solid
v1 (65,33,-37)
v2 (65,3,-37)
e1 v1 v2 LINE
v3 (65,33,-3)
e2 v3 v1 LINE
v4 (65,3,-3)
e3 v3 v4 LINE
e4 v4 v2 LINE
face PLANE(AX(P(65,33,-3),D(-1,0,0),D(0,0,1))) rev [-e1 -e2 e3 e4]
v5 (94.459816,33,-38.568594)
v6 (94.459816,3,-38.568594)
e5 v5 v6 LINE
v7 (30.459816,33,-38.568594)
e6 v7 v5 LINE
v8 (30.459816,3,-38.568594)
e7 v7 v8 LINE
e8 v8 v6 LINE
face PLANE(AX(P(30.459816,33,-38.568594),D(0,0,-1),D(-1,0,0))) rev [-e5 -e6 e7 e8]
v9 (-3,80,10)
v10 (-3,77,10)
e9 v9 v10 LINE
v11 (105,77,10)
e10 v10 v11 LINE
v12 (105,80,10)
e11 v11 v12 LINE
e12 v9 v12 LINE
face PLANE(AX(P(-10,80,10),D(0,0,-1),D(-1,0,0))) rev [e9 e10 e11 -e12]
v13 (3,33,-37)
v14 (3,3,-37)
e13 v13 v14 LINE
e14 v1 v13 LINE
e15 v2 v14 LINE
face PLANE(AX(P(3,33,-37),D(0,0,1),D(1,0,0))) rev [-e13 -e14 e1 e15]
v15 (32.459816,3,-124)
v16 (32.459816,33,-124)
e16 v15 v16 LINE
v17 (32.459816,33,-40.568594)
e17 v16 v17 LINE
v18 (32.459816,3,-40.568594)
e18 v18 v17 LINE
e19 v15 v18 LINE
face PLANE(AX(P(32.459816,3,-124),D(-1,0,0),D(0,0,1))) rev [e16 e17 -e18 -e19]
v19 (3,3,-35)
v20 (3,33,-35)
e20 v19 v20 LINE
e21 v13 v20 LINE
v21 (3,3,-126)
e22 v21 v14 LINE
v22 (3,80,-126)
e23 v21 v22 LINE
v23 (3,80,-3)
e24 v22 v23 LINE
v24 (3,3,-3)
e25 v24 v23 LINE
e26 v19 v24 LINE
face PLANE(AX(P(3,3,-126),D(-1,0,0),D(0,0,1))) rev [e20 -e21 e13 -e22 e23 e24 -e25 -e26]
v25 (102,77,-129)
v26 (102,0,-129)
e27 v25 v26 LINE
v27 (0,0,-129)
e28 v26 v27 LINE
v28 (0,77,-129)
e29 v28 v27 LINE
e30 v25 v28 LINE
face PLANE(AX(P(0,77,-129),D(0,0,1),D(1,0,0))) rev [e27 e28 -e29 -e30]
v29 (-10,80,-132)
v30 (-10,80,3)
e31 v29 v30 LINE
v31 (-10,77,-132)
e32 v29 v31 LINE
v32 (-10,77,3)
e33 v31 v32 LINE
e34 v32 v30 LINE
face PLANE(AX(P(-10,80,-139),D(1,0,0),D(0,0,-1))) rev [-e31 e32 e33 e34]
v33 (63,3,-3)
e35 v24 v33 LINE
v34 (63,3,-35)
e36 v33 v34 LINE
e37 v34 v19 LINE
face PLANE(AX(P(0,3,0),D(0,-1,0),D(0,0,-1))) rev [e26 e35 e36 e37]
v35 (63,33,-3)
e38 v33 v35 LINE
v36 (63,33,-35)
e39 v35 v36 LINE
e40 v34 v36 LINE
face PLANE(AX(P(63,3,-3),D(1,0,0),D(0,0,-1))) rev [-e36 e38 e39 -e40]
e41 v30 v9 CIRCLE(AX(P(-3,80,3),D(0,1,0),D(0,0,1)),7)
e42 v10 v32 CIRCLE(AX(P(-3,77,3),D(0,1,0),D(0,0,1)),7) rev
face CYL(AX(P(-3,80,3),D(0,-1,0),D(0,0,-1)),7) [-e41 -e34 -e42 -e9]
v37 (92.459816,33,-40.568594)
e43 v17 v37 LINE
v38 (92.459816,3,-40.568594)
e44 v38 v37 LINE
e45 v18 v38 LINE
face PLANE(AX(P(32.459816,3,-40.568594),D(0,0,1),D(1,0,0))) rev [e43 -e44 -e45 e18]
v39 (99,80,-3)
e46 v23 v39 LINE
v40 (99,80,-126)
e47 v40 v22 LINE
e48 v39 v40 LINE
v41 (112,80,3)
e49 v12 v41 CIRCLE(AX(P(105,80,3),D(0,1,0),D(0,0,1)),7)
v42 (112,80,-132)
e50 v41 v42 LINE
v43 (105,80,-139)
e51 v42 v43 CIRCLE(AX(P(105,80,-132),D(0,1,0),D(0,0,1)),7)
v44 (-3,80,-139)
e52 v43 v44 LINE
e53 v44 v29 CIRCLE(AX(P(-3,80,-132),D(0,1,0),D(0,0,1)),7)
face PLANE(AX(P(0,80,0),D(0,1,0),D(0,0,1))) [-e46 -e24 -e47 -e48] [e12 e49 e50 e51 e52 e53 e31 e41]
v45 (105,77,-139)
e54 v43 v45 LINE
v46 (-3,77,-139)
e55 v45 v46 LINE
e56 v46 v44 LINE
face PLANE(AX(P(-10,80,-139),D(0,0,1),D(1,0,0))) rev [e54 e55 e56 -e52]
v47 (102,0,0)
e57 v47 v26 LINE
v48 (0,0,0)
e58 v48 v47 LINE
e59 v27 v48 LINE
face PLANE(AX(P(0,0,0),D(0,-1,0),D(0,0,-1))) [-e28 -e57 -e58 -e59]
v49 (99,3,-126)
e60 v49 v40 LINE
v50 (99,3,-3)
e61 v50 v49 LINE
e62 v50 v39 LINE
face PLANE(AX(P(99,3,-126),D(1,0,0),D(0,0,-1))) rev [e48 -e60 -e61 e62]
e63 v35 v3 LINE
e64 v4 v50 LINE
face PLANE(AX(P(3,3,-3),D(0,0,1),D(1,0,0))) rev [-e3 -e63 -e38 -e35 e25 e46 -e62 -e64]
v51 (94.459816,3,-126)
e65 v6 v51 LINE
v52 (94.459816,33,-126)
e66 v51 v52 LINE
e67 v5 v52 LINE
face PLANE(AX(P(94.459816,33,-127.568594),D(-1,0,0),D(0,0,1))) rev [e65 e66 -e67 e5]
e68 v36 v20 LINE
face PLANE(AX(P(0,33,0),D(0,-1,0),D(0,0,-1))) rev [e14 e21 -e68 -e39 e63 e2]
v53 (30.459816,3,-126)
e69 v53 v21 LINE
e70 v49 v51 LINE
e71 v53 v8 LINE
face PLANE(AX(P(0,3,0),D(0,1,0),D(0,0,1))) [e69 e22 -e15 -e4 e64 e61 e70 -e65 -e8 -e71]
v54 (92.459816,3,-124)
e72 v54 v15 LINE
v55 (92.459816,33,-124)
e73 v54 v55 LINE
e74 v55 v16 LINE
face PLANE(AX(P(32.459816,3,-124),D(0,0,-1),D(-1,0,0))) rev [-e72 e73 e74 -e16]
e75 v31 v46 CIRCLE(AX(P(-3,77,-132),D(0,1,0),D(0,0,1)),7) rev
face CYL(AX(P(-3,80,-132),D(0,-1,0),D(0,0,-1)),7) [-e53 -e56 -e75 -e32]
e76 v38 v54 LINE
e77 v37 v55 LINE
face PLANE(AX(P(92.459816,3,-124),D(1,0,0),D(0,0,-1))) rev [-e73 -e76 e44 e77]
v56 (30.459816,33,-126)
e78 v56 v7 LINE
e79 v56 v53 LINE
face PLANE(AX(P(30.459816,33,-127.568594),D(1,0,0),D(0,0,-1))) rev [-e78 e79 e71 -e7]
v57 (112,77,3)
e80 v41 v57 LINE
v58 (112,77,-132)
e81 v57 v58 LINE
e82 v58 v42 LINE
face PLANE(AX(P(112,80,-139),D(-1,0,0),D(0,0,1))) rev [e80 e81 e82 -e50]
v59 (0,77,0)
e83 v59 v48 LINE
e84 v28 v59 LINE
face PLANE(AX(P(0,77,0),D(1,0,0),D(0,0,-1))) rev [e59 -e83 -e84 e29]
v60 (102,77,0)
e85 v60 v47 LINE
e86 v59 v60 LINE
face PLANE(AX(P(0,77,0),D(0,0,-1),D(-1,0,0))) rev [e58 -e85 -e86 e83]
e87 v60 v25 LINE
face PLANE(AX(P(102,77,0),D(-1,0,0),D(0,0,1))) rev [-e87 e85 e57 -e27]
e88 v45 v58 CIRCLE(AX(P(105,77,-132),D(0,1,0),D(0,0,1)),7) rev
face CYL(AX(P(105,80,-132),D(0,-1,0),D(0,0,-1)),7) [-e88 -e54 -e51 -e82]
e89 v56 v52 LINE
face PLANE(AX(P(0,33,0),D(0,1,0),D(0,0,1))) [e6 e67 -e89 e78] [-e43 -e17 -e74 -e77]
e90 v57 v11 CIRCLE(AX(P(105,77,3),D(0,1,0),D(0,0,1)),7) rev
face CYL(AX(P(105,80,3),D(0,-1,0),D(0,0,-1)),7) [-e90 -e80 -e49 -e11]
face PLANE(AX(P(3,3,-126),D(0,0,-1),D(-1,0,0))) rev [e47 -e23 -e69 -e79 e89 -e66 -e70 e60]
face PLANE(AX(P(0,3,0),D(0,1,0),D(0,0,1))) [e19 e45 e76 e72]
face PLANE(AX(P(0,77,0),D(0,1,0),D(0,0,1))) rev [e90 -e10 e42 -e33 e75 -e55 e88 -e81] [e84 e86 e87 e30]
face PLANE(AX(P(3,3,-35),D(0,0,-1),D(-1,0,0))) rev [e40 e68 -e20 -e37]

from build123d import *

# Parameters (mm, degrees)
SKETCH1_W           = 102
SKETCH1_H           = 129
BOSS_EXTRUDE1_DEPTH = 77
SKETCH2_W           = 122
SKETCH2_H           = 149
BOSS_EXTRUDE2_DEPTH = 3
SKETCH3_W           = 96
SKETCH3_H           = 123
CUT_EXTRUDE1_DEPTH  = 77
SKETCH4_W           = 64
SKETCH4_H           = 89
SKETCH4_W_2         = 62
SKETCH4_H_2         = 34
BOSS_EXTRUDE3_DEPTH = 30
SKETCH5_W           = 60
SKETCH5_H           = 83.431405536
SKETCH5_H_2         = 32
CUT_EXTRUDE2_DEPTH  = 30
FILLET1_R           = 7


with BuildPart() as part:
    # Sketch1 → Boss-Extrude1 (new body)
    with BuildSketch(Plane(origin=(0, 0, 0), x_dir=(1, 0, 0), z_dir=(0, 1, 0))):
        with Locations((51, 64.5)):
            Rectangle(SKETCH1_W, SKETCH1_H)
    extrude(amount=BOSS_EXTRUDE1_DEPTH)

    # Sketch2 → Boss-Extrude2 (add)
    with BuildSketch(Plane(origin=(0, 77, 0), x_dir=(1, 0, 0), z_dir=(0, 1, 0))):
        with Locations((51, 64.5)):
            Rectangle(SKETCH2_W, SKETCH2_H)
    extrude(amount=BOSS_EXTRUDE2_DEPTH)

    # Sketch3 → Cut-Extrude1 (cut)
    with BuildSketch(Plane(origin=(0, 80, 0), x_dir=(1, 0, 0), z_dir=(0, 1, 0))):
        with Locations((51, 64.5)):
            Rectangle(SKETCH3_W, SKETCH3_H)
    extrude(amount=-CUT_EXTRUDE1_DEPTH, mode=Mode.SUBTRACT)

    # Sketch4 → Boss-Extrude3 (add)
    with BuildSketch(Plane(origin=(0, 3, 0), x_dir=(1, 0, 0), z_dir=(0, 1, 0))):
        with Locations((62.459815843, 83.068594464)):
            Rectangle(SKETCH4_W, SKETCH4_H)
        with Locations((34, 20)):
            Rectangle(SKETCH4_W_2, SKETCH4_H_2)
    extrude(amount=BOSS_EXTRUDE3_DEPTH)

    # Sketch5 → Cut-Extrude2 (cut)
    with BuildSketch(Plane(origin=(0, 33, 0), x_dir=(1, 0, 0), z_dir=(0, 1, 0))):
        with Locations((62.459815843, 82.284297232)):
            Rectangle(SKETCH5_W, SKETCH5_H)
        with Locations((33, 19)):
            Rectangle(SKETCH5_W, SKETCH5_H_2)
    extrude(amount=-CUT_EXTRUDE2_DEPTH, mode=Mode.SUBTRACT)

    # Fillet1
    fillet1_edges = [part.edges().sort_by_distance(p)[0] for p in [
        (-10, 78.5, -139),
        (-10, 78.5, 10),
        (112, 78.5, 10),
        (112, 78.5, -139),
    ]]
    fillet(fillet1_edges, radius=FILLET1_R)


solid = part.part
